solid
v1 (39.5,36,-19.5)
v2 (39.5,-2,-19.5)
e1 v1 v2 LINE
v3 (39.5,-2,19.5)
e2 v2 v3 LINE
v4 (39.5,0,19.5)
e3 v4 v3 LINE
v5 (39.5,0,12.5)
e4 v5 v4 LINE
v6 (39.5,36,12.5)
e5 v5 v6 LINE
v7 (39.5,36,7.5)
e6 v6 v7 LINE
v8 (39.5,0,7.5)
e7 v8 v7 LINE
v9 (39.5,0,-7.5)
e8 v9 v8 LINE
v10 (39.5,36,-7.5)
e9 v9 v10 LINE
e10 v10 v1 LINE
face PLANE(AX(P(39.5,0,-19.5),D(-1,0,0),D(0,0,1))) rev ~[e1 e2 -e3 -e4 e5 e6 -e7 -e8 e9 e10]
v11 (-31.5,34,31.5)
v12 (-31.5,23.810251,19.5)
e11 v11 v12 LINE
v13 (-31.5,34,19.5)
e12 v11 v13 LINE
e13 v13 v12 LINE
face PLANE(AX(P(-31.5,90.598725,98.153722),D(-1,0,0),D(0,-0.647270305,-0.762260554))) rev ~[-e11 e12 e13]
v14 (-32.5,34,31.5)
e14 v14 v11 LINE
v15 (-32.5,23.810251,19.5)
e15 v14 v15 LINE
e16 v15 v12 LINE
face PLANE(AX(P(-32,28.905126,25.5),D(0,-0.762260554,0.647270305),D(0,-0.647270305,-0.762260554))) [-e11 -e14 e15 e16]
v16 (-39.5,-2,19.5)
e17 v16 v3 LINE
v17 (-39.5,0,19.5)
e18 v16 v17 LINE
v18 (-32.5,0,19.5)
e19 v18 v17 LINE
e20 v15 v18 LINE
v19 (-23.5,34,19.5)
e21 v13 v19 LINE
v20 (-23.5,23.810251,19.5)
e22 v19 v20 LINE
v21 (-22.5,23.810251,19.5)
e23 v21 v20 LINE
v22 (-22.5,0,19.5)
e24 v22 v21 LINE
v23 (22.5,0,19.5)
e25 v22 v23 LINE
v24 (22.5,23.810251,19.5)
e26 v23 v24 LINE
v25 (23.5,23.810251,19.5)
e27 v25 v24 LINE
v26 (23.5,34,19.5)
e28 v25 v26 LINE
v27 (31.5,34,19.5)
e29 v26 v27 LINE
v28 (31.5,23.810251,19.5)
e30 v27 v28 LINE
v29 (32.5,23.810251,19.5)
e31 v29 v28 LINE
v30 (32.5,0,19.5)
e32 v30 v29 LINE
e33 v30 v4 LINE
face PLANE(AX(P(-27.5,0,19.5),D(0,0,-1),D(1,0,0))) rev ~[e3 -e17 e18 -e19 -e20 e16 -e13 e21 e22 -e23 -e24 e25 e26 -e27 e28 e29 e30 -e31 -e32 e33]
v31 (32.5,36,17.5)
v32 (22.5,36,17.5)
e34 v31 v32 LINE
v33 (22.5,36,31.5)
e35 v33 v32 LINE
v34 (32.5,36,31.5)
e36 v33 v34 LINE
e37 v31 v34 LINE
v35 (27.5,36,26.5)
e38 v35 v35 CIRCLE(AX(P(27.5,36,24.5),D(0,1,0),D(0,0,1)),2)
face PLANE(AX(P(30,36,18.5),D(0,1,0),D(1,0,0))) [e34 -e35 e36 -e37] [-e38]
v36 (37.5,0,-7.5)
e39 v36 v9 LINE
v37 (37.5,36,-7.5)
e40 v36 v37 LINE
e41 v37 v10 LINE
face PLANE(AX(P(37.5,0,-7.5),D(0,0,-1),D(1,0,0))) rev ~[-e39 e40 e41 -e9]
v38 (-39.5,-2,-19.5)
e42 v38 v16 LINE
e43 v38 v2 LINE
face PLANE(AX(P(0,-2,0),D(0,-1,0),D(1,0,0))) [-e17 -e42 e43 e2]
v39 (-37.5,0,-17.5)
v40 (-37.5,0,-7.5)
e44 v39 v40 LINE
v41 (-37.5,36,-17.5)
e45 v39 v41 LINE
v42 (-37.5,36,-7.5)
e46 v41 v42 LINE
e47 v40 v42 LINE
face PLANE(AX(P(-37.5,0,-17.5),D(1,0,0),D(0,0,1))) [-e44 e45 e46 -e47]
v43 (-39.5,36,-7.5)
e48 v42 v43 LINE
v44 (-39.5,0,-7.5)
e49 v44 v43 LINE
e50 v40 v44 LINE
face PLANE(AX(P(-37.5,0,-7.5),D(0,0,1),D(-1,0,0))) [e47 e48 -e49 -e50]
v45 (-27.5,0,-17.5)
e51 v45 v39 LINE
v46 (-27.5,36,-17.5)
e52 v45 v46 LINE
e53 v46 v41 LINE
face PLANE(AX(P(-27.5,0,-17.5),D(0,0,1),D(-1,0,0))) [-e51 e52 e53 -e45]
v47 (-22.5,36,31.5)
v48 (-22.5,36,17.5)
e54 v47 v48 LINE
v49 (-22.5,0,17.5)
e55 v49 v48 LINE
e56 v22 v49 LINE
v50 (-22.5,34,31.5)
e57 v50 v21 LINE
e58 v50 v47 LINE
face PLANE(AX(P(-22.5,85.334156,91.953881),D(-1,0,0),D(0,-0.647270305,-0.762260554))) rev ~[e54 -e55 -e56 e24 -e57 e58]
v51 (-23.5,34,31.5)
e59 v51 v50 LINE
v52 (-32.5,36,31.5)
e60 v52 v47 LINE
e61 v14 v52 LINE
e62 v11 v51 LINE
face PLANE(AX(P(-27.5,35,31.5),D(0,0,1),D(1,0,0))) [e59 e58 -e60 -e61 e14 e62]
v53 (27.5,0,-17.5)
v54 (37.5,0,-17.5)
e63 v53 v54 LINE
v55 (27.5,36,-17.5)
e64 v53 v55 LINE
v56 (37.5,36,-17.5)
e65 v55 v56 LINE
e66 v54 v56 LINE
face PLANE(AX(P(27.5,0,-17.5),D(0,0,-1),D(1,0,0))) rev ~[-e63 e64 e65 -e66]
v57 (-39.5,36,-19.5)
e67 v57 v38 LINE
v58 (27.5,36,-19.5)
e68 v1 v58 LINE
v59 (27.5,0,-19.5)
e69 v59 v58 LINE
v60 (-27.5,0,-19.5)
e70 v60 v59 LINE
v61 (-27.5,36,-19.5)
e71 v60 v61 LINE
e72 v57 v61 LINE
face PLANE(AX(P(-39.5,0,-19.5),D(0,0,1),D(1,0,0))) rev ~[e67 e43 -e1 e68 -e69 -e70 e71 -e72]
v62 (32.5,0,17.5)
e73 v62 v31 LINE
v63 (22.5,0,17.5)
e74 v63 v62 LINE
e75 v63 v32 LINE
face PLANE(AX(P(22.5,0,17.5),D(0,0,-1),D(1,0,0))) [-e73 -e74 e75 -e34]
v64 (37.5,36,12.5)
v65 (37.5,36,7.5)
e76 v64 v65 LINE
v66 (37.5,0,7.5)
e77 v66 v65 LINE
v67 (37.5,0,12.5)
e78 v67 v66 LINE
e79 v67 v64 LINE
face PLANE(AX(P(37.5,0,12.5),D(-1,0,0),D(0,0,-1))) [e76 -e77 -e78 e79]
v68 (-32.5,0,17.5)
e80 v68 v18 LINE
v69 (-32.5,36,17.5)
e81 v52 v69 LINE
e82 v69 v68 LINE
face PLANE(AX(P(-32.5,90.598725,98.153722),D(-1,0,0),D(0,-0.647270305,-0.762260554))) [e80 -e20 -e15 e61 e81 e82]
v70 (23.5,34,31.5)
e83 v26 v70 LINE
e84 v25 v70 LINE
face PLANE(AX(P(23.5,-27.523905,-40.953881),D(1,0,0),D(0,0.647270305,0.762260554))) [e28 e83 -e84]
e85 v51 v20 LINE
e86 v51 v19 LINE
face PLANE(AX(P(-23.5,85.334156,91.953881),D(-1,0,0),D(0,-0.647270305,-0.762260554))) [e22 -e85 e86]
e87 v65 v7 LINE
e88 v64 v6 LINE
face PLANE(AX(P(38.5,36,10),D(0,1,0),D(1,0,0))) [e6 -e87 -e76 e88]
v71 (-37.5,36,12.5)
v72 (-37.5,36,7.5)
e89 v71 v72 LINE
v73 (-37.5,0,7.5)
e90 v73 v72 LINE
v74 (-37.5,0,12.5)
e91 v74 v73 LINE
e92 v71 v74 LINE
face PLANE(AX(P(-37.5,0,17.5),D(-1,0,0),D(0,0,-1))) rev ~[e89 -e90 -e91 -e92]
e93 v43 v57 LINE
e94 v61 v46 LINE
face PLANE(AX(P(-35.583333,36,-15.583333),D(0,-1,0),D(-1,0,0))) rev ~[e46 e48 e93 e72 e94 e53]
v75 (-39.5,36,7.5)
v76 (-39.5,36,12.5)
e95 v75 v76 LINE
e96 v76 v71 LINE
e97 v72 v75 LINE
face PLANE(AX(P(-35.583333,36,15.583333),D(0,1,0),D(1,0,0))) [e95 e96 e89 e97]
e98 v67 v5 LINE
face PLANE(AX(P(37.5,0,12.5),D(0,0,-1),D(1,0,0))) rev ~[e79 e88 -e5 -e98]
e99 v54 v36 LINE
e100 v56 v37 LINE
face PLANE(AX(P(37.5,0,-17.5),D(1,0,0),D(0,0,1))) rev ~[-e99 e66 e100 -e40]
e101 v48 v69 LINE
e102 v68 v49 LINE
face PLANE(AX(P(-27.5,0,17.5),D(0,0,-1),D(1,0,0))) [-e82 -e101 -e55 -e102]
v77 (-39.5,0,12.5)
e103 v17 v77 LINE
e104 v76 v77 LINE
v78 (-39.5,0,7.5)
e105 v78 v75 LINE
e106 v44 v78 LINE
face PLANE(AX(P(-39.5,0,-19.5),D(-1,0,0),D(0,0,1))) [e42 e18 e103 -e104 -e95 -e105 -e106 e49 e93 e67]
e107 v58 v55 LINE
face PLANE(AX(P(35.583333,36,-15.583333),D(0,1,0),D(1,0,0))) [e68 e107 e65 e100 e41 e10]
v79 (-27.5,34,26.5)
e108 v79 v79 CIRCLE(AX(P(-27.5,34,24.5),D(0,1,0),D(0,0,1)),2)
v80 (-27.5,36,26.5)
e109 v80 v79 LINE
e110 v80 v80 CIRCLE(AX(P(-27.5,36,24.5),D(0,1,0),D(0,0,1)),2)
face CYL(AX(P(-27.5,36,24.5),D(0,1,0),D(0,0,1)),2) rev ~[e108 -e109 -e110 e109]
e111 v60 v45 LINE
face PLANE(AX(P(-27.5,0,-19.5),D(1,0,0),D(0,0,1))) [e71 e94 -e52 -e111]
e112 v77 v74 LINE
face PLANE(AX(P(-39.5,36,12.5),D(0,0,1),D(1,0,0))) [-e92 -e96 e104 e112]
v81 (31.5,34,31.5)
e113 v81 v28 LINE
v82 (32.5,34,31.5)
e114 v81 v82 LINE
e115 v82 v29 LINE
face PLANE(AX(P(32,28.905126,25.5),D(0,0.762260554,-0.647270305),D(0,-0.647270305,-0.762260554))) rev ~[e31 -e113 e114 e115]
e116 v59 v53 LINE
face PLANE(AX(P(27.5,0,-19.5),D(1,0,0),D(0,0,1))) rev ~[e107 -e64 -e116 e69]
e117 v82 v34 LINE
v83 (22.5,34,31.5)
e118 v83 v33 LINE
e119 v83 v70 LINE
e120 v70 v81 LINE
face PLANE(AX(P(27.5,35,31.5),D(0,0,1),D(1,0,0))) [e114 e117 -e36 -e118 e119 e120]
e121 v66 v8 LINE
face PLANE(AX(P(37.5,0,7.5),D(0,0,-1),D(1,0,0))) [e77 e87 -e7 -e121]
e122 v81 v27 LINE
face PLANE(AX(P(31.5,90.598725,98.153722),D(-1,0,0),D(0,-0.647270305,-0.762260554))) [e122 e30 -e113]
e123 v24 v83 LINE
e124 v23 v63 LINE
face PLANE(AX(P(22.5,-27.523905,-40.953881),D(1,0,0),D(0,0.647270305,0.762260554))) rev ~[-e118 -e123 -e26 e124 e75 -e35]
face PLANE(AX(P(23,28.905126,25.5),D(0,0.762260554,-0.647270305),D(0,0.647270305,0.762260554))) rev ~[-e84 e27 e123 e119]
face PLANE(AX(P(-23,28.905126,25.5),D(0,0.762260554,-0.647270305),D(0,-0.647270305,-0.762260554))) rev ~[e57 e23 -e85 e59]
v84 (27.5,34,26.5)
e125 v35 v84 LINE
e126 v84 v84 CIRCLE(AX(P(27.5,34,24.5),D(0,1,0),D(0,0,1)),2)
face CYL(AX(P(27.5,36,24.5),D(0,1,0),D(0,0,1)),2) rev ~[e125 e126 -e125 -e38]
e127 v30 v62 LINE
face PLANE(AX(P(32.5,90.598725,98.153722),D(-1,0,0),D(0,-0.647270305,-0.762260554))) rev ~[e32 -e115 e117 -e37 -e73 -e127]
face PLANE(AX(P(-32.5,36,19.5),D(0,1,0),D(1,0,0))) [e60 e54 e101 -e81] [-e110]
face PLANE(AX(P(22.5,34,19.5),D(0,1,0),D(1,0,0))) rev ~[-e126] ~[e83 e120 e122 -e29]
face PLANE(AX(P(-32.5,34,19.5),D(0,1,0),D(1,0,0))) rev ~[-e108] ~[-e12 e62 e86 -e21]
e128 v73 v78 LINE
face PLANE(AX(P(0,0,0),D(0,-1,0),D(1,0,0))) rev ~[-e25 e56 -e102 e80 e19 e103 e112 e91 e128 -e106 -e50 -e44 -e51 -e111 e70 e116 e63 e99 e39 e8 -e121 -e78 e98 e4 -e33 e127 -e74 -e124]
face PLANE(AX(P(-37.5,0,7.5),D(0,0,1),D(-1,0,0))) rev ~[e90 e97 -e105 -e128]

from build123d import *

# Parameters (mm, degrees)
CROQUIS1_W                = 5
CROQUIS1_H                = 2
SALIENTE_EXTRUIR1_DEPTH   = 36
CROQUIS1_W_2              = 2
CROQUIS1_H_2              = 5
SALIENTE_EXTRUIR1_2_DEPTH = 36
SALIENTE_EXTRUIR1_3_DEPTH = 36
SALIENTE_EXTRUIR1_4_DEPTH = 36
SALIENTE_EXTRUIR1_5_DEPTH = 36
CROQUIS2_W                = 79
CROQUIS2_H                = 39
SALIENTE_EXTRUIR2_DEPTH   = 2
CORTAR_EXTRUIR1_DEPTH     = 36
CROQUIS4_W                = 5
CROQUIS4_H                = 2
SALIENTE_EXTRUIR3_DEPTH   = 36
CROQUIS5_W                = 10
CROQUIS5_H                = 2
SALIENTE_EXTRUIR4_DEPTH   = 12
NERVIO1_REACH             = 88.442
CROQUIS8_WALL_W           = 190.62700295
CROQUIS8_WALL_H           = 1
NERVIO2_REACH             = 80.309
CROQUIS9_WALL_W           = 174.36001667
CROQUIS9_WALL_H           = 1
NERVIO3_REACH             = 88.442
CROQUIS10_WALL_W          = 190.62700295
CROQUIS10_WALL_H          = 1
NERVIO4_REACH             = 80.309
CROQUIS11_WALL_W          = 174.36001667
CROQUIS11_WALL_H          = 1
CROQUIS12_R               = 2
CORTAR_EXTRUIR2_DEPTH     = 64.217877218


with BuildPart() as part:
    # Croquis1 → Saliente-Extruir1 (new body)
    with BuildSketch(Plane(origin=(0, 0, 0), x_dir=(1, 0, 0), z_dir=(0, 1, 0))):
        with Locations((30, -18.5)):
            Rectangle(CROQUIS1_W, CROQUIS1_H)
    extrude(amount=SALIENTE_EXTRUIR1_DEPTH)



with BuildPart() as body_2:
    # Croquis1 → Saliente-Extruir1 2 (new body)
    with BuildSketch(Plane(origin=(0, 0, 0), x_dir=(1, 0, 0), z_dir=(0, 1, 0))):
        with Locations((38.5, -10)):
            Rectangle(CROQUIS1_W_2, CROQUIS1_H_2)
    extrude(amount=SALIENTE_EXTRUIR1_2_DEPTH)


with BuildPart() as body_3:
    # Croquis1 → Saliente-Extruir1 3 (new body)
    with BuildSketch(Plane(origin=(0, 0, 0), x_dir=(1, 0, 0), z_dir=(0, 1, 0))):
        Polygon((39.5, 19.5), (27.5, 19.5), (27.5, 17.5), (37.5, 17.5), (37.5, 7.5), (39.5, 7.5), align=None)
    extrude(amount=SALIENTE_EXTRUIR1_3_DEPTH)


with BuildPart() as body_4:
    # Croquis1 → Saliente-Extruir1 4 (new body)
    with BuildSketch(Plane(origin=(0, 0, 0), x_dir=(1, 0, 0), z_dir=(0, 1, 0))):
        Polygon((-39.5, 7.5), (-39.5, 19.5), (-27.5, 19.5), (-27.5, 17.5), (-37.5, 17.5), (-37.5, 7.5), align=None)
    extrude(amount=SALIENTE_EXTRUIR1_4_DEPTH)


with BuildPart() as body_5:
    # Croquis1 → Saliente-Extruir1 5 (new body)
    with BuildSketch(Plane(origin=(0, 0, 0), x_dir=(1, 0, 0), z_dir=(0, 1, 0))):
        Polygon((-39.5, -7.5), (-39.5, -19.5), (-27.5, -19.5), (-27.5, -17.5), (-37.5, -17.5), (-37.5, -7.5), align=None)
    extrude(amount=SALIENTE_EXTRUIR1_5_DEPTH)


with BuildPart() as part_1:
    add(part.part)

    add(body_2.part)  # Saliente-Extruir2 merges body 2

    add(body_3.part)  # Saliente-Extruir2 merges body 3

    add(body_4.part)  # Saliente-Extruir2 merges body 4

    add(body_5.part)  # Saliente-Extruir2 merges body 5
    # Croquis2 → Saliente-Extruir2 (add)
    with BuildSketch(Plane.XZ):
        Rectangle(CROQUIS2_W, CROQUIS2_H)
    extrude(amount=SALIENTE_EXTRUIR2_DEPTH)

    # Croquis3 → Cortar-Extruir1 (cut)
    with BuildSketch(Plane(origin=(0, 36, 0), x_dir=(1, 0, 0), z_dir=(0, 1, 0))):
        Polygon((-32.5, -17.5), (-32.5, -19.5), (-39.5, -19.5), (-39.5, -12.5), (-37.5, -12.5), (-37.5, -17.5), align=None)
    extrude(amount=-CORTAR_EXTRUIR1_DEPTH, mode=Mode.SUBTRACT)

    # Croquis4 → Saliente-Extruir3 (add)
    with BuildSketch(Plane(origin=(0, 0, 0), x_dir=(1, 0, 0), z_dir=(0, 1, 0))):
        with Locations((-25, -18.5)):
            Rectangle(CROQUIS4_W, CROQUIS4_H)
        with Locations((25, -18.5)):
            Rectangle(CROQUIS4_W, CROQUIS4_H)
    extrude(amount=SALIENTE_EXTRUIR3_DEPTH)

    # Croquis5 → Saliente-Extruir4 (add)
    with BuildSketch(Plane.XY.offset(19.5)):
        with Locations((-27.5, 35)):
            Rectangle(CROQUIS5_W, CROQUIS5_H)
        with Locations((27.5, 35)):
            Rectangle(CROQUIS5_W, CROQUIS5_H)
    extrude(amount=SALIENTE_EXTRUIR4_DEPTH)

    # Croquis8 wall → Nervio1 (add, up to next)
    with BuildSketch(Plane(origin=(-32.5, 28.90512554, 25.5), x_dir=(0, -0.647270304875, -0.762260554159), z_dir=(0, -0.762260554159, 0.647270304875)), mode=Mode.PRIVATE) as nervio1_sk1:
        with Locations((0, 0.5)):
            Rectangle(CROQUIS8_WALL_W, CROQUIS8_WALL_H)
    nervio1_tool1 = extrude(nervio1_sk1.sketch, amount=-NERVIO1_REACH, mode=Mode.PRIVATE) - part_1.part
    add(nervio1_tool1.solids().sort_by_distance((-32.5, 28.90512554, 25.5))[0])

    # Croquis9 wall → Nervio2 (add, up to next)
    with BuildSketch(Plane(origin=(-22.5, 28.90512554, 25.5), x_dir=(0, -0.647270304875, -0.762260554159), z_dir=(0, 0.762260554159, -0.647270304875)), mode=Mode.PRIVATE) as nervio2_sk1:
        with Locations((0, 0.5)):
            Rectangle(CROQUIS9_WALL_W, CROQUIS9_WALL_H)
    nervio2_tool1 = extrude(nervio2_sk1.sketch, amount=NERVIO2_REACH, mode=Mode.PRIVATE) - part_1.part
    add(nervio2_tool1.solids().sort_by_distance((-22.5, 28.90512554, 25.5))[0])

    # Croquis10 wall → Nervio3 (add, up to next)
    with BuildSketch(Plane(origin=(32.5, 28.90512554, 25.5), x_dir=(0, -0.647270304875, -0.762260554159), z_dir=(0, 0.762260554159, -0.647270304875)), mode=Mode.PRIVATE) as nervio3_sk1:
        with Locations((0, 0.5)):
            Rectangle(CROQUIS10_WALL_W, CROQUIS10_WALL_H)
    nervio3_tool1 = extrude(nervio3_sk1.sketch, amount=NERVIO3_REACH, mode=Mode.PRIVATE) - part_1.part
    add(nervio3_tool1.solids().sort_by_distance((32.5, 28.90512554, 25.5))[0])

    # Croquis11 wall → Nervio4 (add, up to next)
    with BuildSketch(Plane(origin=(22.5, 28.90512554, 25.5), x_dir=(0, 0.647270304875, 0.762260554159), z_dir=(0, 0.762260554159, -0.647270304875)), mode=Mode.PRIVATE) as nervio4_sk1:
        with Locations((0, 0.5)):
            Rectangle(CROQUIS11_WALL_W, CROQUIS11_WALL_H)
    nervio4_tool1 = extrude(nervio4_sk1.sketch, amount=NERVIO4_REACH, mode=Mode.PRIVATE) - part_1.part
    add(nervio4_tool1.solids().sort_by_distance((22.5, 28.90512554, 25.5))[0])

    # Croquis12 → Cortar-Extruir2 (cut, through all)
    with BuildSketch(Plane(origin=(0, 36, 0), x_dir=(1, 0, 0), z_dir=(0, 1, 0))):
        with Locations(Location((27.5, -24.5, 0), (0, 0, 270))):
            Circle(CROQUIS12_R)
        with Locations(Location((-27.5, -24.5, 0), (0, 0, 270))):
            Circle(CROQUIS12_R)
    extrude(amount=-CORTAR_EXTRUIR2_DEPTH, mode=Mode.SUBTRACT)


solid = part_1.part
